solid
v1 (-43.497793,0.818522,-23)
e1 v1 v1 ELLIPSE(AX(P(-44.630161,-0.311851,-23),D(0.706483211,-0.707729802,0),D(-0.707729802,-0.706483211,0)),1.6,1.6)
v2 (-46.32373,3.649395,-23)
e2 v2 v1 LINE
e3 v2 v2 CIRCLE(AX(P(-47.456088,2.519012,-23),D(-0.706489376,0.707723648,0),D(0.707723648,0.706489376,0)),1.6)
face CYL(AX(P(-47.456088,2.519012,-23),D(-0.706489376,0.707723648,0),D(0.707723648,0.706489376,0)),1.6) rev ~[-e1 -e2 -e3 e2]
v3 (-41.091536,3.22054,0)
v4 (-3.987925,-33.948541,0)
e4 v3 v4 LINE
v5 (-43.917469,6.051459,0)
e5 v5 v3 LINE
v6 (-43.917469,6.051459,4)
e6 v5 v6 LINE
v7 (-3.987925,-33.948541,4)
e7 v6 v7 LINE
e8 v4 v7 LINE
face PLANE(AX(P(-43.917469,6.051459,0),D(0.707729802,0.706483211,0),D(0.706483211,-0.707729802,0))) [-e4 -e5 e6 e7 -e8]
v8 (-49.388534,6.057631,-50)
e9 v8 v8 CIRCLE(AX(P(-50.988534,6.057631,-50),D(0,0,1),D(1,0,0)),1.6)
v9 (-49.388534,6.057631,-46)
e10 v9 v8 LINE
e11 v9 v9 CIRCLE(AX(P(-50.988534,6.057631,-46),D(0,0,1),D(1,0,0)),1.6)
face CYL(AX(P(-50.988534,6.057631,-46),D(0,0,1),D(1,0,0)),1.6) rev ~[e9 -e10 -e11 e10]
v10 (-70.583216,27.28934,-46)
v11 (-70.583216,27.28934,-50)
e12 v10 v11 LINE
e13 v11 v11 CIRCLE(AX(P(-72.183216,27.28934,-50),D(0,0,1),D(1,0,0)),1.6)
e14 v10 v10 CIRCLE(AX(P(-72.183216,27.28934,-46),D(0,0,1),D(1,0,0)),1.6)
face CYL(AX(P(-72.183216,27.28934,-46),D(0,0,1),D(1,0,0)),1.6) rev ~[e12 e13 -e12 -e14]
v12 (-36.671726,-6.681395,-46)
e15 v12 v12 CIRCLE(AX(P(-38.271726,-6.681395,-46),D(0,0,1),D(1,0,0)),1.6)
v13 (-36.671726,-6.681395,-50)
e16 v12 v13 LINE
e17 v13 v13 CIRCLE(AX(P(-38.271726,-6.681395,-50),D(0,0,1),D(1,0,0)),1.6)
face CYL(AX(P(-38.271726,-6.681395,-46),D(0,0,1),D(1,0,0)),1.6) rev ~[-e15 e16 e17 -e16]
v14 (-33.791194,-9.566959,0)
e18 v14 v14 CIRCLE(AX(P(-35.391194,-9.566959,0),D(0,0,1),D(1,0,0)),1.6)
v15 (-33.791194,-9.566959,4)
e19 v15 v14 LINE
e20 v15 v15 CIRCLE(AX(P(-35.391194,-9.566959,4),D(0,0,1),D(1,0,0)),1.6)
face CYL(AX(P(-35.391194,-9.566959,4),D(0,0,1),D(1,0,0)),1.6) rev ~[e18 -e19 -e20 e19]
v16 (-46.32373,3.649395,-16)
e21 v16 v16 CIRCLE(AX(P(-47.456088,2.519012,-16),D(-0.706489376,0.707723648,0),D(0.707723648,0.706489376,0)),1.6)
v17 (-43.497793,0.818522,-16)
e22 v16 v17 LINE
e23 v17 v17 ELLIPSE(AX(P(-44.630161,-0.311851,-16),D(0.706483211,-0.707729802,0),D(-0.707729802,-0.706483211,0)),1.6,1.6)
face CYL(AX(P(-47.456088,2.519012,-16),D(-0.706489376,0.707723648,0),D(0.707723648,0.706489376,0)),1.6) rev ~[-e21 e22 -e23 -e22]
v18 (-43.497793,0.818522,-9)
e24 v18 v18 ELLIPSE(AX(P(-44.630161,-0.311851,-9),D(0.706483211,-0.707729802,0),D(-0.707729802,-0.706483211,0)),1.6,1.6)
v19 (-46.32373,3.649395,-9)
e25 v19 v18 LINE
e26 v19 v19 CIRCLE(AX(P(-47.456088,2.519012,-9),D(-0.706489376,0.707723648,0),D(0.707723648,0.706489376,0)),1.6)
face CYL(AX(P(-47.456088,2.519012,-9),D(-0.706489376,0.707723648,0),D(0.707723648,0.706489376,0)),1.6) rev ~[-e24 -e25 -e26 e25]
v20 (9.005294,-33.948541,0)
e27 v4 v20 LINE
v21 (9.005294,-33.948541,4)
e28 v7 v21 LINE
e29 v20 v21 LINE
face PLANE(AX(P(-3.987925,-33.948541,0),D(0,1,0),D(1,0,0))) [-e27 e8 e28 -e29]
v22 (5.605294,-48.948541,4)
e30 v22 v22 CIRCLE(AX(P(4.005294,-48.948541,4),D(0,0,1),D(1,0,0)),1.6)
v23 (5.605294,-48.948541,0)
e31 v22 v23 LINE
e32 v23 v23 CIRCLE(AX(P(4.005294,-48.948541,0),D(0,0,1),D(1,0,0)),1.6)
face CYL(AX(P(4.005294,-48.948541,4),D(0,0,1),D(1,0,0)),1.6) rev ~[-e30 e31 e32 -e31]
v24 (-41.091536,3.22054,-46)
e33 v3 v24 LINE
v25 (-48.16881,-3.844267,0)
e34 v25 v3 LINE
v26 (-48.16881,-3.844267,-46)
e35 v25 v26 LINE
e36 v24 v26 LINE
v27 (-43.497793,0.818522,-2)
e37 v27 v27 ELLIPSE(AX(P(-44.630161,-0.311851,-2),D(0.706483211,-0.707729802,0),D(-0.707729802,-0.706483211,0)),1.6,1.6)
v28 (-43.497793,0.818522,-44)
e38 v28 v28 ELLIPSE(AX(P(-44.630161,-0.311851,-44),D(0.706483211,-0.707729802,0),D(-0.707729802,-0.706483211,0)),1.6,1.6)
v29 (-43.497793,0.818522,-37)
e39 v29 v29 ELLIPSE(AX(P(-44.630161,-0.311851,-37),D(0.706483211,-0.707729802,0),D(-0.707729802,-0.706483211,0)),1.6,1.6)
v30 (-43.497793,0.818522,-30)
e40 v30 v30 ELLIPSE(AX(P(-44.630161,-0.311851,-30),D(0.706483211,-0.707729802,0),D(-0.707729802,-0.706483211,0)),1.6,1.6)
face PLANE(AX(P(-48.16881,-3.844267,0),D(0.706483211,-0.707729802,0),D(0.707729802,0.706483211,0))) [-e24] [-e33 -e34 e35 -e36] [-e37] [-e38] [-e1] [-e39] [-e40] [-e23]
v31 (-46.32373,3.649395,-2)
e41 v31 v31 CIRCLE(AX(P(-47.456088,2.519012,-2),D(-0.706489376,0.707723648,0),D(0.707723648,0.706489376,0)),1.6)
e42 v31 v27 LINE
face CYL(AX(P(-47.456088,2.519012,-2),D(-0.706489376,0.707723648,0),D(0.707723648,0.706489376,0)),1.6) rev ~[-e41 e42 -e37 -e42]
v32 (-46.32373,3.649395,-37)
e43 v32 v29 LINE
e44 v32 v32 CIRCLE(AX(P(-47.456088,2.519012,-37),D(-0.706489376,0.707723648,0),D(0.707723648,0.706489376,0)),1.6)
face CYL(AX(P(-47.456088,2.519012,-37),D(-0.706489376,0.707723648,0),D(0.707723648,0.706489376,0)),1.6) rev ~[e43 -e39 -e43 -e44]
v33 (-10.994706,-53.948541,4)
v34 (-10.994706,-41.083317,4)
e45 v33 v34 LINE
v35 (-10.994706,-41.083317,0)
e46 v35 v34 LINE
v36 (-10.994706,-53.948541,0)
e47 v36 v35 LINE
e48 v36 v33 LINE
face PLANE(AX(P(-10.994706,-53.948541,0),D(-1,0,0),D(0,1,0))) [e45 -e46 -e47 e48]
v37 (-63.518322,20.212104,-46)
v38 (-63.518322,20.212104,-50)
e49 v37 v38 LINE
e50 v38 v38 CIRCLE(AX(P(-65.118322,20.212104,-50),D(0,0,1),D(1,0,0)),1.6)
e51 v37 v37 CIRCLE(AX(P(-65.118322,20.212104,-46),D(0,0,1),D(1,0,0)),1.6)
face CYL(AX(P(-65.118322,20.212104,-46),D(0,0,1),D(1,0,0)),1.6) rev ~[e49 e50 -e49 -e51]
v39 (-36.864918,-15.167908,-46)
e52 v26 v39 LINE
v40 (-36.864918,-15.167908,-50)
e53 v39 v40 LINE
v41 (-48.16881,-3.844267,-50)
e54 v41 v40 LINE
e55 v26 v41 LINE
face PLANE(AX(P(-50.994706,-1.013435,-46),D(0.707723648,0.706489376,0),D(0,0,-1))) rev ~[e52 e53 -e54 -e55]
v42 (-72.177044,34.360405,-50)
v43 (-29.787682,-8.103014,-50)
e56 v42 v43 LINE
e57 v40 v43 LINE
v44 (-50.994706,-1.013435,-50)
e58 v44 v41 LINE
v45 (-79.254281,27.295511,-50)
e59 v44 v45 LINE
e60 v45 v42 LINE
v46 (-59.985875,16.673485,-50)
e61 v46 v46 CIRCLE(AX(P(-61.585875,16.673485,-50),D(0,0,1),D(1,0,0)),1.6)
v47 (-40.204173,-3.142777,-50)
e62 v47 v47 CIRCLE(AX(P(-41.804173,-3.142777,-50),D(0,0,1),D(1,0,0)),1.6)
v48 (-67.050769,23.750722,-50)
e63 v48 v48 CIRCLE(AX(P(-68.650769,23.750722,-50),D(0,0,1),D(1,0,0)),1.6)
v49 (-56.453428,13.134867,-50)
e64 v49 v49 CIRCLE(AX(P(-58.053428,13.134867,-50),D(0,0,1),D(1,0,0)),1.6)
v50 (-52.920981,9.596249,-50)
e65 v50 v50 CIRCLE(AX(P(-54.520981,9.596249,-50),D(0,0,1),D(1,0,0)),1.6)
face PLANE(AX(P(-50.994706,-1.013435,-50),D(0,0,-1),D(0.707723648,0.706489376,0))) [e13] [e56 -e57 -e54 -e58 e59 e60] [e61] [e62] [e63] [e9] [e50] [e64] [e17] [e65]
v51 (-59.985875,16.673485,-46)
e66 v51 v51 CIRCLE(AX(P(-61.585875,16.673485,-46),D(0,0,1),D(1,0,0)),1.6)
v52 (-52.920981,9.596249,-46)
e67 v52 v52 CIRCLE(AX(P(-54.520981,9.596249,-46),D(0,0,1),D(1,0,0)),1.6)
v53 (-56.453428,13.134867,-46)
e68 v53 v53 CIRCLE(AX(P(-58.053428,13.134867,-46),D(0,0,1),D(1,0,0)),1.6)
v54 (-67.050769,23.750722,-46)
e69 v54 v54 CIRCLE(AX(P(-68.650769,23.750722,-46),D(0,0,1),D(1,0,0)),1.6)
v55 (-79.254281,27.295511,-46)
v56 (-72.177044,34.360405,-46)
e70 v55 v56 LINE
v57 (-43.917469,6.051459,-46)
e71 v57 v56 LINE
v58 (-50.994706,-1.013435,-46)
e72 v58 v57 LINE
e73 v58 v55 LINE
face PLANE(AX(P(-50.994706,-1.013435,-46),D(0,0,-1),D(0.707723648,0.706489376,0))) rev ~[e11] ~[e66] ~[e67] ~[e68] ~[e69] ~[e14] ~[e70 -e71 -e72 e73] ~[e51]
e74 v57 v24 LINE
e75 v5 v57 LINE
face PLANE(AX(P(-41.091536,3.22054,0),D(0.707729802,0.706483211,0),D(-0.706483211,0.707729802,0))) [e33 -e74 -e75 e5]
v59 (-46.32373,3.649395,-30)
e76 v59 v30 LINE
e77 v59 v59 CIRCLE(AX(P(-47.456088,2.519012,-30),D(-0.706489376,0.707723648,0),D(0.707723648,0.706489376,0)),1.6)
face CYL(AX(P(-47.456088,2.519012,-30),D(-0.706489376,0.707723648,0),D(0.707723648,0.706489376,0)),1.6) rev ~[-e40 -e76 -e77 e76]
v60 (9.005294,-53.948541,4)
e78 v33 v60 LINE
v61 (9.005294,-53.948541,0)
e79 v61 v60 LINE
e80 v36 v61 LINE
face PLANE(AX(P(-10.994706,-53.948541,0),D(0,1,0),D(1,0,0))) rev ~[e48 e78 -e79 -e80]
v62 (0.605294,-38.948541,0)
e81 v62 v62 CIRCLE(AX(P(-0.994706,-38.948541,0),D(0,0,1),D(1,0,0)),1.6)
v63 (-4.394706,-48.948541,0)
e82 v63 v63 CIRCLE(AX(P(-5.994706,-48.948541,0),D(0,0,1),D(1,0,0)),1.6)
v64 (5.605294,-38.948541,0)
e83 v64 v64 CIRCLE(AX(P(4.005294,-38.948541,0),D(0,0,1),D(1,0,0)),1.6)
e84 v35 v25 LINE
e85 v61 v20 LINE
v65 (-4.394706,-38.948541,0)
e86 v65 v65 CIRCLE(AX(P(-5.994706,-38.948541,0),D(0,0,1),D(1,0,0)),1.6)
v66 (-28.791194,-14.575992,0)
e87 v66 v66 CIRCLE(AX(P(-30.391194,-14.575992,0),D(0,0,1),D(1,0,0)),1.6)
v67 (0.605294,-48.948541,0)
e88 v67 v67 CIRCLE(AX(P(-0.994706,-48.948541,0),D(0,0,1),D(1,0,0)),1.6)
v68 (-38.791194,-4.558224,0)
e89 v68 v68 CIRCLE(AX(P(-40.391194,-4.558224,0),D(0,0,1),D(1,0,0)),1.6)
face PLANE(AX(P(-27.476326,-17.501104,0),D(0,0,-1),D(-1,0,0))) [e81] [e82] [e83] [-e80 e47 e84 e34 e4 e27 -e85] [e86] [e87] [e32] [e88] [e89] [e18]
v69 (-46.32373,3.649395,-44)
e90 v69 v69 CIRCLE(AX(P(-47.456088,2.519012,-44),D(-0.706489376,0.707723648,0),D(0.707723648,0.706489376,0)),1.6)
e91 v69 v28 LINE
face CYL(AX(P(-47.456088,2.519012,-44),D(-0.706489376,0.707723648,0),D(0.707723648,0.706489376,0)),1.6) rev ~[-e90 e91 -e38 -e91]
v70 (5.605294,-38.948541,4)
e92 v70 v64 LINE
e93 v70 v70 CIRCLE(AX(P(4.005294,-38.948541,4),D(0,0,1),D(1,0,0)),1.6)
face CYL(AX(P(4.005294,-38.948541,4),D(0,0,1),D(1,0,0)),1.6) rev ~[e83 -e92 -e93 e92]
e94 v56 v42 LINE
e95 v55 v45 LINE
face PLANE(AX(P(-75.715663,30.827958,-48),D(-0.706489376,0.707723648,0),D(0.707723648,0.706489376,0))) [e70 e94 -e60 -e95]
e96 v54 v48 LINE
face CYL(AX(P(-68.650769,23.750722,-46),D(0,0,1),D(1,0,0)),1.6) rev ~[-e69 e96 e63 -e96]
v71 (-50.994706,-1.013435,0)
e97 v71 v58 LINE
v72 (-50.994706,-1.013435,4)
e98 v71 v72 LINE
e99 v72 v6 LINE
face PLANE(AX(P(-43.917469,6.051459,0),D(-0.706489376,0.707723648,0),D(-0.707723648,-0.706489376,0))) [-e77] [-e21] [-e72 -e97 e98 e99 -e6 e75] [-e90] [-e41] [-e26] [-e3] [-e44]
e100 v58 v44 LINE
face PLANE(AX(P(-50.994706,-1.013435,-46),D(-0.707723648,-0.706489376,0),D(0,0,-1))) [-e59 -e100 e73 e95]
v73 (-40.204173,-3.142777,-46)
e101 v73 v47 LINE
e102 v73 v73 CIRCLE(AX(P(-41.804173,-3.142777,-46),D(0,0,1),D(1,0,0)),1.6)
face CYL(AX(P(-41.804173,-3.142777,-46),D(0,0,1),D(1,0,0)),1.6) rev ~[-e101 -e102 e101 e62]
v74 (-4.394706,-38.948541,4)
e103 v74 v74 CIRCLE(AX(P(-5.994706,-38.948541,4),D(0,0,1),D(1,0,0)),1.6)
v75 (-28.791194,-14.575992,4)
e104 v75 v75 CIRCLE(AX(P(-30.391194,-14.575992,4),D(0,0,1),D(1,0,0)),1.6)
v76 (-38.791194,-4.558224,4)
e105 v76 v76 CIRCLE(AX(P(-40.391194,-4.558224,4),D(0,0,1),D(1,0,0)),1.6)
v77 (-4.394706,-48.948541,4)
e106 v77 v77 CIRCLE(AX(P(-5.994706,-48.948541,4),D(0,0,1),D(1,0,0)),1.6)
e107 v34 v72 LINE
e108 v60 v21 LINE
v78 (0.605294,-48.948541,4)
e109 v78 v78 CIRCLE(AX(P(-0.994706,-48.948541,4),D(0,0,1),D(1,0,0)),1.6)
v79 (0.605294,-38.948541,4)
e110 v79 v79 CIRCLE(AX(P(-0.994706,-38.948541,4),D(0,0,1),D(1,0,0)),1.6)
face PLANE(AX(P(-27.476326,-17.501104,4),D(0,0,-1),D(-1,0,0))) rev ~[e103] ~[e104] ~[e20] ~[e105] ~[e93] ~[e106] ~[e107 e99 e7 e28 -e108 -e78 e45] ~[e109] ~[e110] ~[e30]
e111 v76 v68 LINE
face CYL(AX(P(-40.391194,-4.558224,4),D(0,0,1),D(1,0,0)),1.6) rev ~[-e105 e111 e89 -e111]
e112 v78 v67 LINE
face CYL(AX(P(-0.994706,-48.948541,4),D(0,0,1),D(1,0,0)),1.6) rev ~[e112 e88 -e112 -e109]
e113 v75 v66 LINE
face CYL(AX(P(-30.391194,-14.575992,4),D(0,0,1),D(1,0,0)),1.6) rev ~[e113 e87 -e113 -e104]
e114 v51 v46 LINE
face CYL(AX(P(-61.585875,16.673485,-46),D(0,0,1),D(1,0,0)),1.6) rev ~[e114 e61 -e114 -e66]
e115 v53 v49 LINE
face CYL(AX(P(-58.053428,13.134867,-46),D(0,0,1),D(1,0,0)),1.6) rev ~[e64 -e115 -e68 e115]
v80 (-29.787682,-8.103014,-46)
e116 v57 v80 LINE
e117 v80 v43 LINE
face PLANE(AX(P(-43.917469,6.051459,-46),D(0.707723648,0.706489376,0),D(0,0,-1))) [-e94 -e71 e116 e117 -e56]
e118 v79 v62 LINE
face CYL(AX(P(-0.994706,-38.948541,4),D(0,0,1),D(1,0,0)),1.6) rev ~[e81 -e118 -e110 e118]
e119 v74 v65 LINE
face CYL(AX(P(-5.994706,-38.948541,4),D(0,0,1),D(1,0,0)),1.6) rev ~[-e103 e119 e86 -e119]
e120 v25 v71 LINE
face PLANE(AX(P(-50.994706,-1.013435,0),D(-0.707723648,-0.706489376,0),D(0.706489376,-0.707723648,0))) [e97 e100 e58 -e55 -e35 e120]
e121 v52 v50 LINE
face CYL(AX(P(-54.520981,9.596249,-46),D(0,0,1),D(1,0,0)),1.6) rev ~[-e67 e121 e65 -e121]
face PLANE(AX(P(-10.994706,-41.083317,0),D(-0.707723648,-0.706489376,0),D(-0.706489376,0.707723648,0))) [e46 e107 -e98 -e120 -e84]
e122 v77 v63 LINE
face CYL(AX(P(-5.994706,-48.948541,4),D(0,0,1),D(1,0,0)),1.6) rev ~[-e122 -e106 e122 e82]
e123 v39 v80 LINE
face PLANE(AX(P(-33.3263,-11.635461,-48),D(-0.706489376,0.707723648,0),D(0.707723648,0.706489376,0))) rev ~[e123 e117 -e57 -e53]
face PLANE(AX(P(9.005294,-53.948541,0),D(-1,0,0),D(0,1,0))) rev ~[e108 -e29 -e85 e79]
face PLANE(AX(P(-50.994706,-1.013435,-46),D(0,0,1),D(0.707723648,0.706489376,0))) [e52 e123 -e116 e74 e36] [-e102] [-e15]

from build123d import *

# Parameters (mm, degrees)
SKETCH_1_W           = 20
SKETCH_1_H           = 20
EXTRUDE_1_DEPTH      = 4
SKETCH_2_R           = 1.6
CUT_EXTRUDE_1_DEPTH  = 4
SKETCH_3_R           = 1.6
CUT_EXTRUDE_2_DEPTH  = 4
EXTRUDE_2_DEPTH      = 50
SKETCH_6_R           = 1.6
CUT_EXTRUDE_3_DEPTH  = 4
SKETCH_7_W           = 10
SKETCH_7_H           = 4
EXTRUDE_3_DEPTH      = 40
EXTRUDE_3_DEPTH_BACK = 20
SKETCH_8_R           = 1.6
CUT_EXTRUDE_4_DEPTH  = 40


with BuildPart() as part:
    # ｽｹｯﾁ1 → ﾎﾞｽ - 押し出し1 (new body)
    with BuildSketch(Plane.XY):
        Polygon((-10.994705775, -41.083316507), (-50.994705775, -1.013434561), (-43.9174693, 6.051459201), (-3.987925088, -33.948540799), align=None)
        with Locations((-0.994705775, -43.948540799)):
            Rectangle(SKETCH_1_W, SKETCH_1_H)
    extrude(amount=EXTRUDE_1_DEPTH)

    # ｽｹｯﾁ2 → ｶｯﾄ - 押し出し1 (cut)
    with BuildSketch(Plane.XY.offset(4)):
        with Locations((-5.994705775, -38.948540799)):
            Circle(SKETCH_2_R)
        with Locations((-0.994705775, -38.948540799)):
            Circle(SKETCH_2_R)
        with Locations((4.005294225, -38.948540799)):
            Circle(SKETCH_2_R)
        with Locations((-0.994705775, -48.948540799)):
            Circle(SKETCH_2_R)
        with Locations((4.005294225, -48.948540799)):
            Circle(SKETCH_2_R)
        with Locations((-5.994705775, -48.948540799)):
            Circle(SKETCH_2_R)
    extrude(amount=-CUT_EXTRUDE_1_DEPTH, mode=Mode.SUBTRACT)

    # ｽｹｯﾁ3 → ｶｯﾄ - 押し出し2 (cut)
    with BuildSketch(Plane.XY.offset(4)):
        with Locations((-40.391193775, -4.558224156)):
            Circle(SKETCH_3_R)
        with Locations((-35.391193775, -9.566959399)):
            Circle(SKETCH_3_R)
        with Locations((-30.391193775, -14.575992494)):
            Circle(SKETCH_3_R)
    extrude(amount=-CUT_EXTRUDE_2_DEPTH, mode=Mode.SUBTRACT)

    # ｽｹｯﾁ4 → ﾎﾞｽ - 押し出し2 (add)
    with BuildSketch(Plane(origin=(0, 0, 0), x_dir=(-1, 0, 0), z_dir=(0, 0, -1))):
        Polygon((43.9174693, 6.051459201), (50.994705775, -1.013434561), (48.168809817, -3.844267497), (41.091536457, 3.220539992), align=None)
    extrude(amount=EXTRUDE_2_DEPTH)

    # ｽｹｯﾁ6 → ｶｯﾄ - 押し出し3 (cut)
    with BuildSketch(Plane(origin=(-24.946130174, 24.989712277, 0), x_dir=(0.707723648, 0.706489376, 0), z_dir=(-0.706489376, 0.707723648, 0))):
        with Locations((-31.806139927, 44)):
            Circle(SKETCH_6_R)
        with Locations((-31.806139927, 37)):
            Circle(SKETCH_6_R)
        with Locations((-31.806139927, 30)):
            Circle(SKETCH_6_R)
        with Locations((-31.806139927, 23)):
            Circle(SKETCH_6_R)
        with Locations((-31.806139927, 16)):
            Circle(SKETCH_6_R)
        with Locations((-31.806139927, 9)):
            Circle(SKETCH_6_R)
        with Locations((-31.806139927, 2)):
            Circle(SKETCH_6_R)
    extrude(amount=-CUT_EXTRUDE_3_DEPTH, mode=Mode.SUBTRACT)

    # ｽｹｯﾁ7 → ﾎﾞｽ - 押し出し3 (add, two sides)
    with BuildSketch(Plane(origin=(-24.946130174, 24.989712277, 0), x_dir=(0.707723648, 0.706489376, 0), z_dir=(-0.706489376, 0.707723648, 0))) as extrude_3_sk:
        with Locations((-31.806139927, 48)):
            Rectangle(SKETCH_7_W, SKETCH_7_H)
    extrude(amount=EXTRUDE_3_DEPTH)
    extrude(extrude_3_sk.sketch, amount=-EXTRUDE_3_DEPTH_BACK)

    # ｽｹｯﾁ8 → ｶｯﾄ - 押し出し4 (cut)
    with BuildSketch(Plane.XY.offset(-46)):
        with Locations((-72.183215705, 27.289339983)):
            Circle(SKETCH_8_R)
        with Locations((-68.650768824, 23.750721746)):
            Circle(SKETCH_8_R)
        with Locations((-65.118321943, 20.212103508)):
            Circle(SKETCH_8_R)
        with Locations((-61.585875062, 16.67348527)):
            Circle(SKETCH_8_R)
        with Locations((-58.053428181, 13.134867033)):
            Circle(SKETCH_8_R)
        with Locations((-54.5209813, 9.596248795)):
            Circle(SKETCH_8_R)
        with Locations((-50.988534419, 6.057630557)):
            Circle(SKETCH_8_R)
        with Locations((-41.804172528, -3.14277686)):
            Circle(SKETCH_8_R)
        with Locations((-38.271725646, -6.681395098)):
            Circle(SKETCH_8_R)
    extrude(amount=-CUT_EXTRUDE_4_DEPTH, mode=Mode.SUBTRACT)


solid = part.part
